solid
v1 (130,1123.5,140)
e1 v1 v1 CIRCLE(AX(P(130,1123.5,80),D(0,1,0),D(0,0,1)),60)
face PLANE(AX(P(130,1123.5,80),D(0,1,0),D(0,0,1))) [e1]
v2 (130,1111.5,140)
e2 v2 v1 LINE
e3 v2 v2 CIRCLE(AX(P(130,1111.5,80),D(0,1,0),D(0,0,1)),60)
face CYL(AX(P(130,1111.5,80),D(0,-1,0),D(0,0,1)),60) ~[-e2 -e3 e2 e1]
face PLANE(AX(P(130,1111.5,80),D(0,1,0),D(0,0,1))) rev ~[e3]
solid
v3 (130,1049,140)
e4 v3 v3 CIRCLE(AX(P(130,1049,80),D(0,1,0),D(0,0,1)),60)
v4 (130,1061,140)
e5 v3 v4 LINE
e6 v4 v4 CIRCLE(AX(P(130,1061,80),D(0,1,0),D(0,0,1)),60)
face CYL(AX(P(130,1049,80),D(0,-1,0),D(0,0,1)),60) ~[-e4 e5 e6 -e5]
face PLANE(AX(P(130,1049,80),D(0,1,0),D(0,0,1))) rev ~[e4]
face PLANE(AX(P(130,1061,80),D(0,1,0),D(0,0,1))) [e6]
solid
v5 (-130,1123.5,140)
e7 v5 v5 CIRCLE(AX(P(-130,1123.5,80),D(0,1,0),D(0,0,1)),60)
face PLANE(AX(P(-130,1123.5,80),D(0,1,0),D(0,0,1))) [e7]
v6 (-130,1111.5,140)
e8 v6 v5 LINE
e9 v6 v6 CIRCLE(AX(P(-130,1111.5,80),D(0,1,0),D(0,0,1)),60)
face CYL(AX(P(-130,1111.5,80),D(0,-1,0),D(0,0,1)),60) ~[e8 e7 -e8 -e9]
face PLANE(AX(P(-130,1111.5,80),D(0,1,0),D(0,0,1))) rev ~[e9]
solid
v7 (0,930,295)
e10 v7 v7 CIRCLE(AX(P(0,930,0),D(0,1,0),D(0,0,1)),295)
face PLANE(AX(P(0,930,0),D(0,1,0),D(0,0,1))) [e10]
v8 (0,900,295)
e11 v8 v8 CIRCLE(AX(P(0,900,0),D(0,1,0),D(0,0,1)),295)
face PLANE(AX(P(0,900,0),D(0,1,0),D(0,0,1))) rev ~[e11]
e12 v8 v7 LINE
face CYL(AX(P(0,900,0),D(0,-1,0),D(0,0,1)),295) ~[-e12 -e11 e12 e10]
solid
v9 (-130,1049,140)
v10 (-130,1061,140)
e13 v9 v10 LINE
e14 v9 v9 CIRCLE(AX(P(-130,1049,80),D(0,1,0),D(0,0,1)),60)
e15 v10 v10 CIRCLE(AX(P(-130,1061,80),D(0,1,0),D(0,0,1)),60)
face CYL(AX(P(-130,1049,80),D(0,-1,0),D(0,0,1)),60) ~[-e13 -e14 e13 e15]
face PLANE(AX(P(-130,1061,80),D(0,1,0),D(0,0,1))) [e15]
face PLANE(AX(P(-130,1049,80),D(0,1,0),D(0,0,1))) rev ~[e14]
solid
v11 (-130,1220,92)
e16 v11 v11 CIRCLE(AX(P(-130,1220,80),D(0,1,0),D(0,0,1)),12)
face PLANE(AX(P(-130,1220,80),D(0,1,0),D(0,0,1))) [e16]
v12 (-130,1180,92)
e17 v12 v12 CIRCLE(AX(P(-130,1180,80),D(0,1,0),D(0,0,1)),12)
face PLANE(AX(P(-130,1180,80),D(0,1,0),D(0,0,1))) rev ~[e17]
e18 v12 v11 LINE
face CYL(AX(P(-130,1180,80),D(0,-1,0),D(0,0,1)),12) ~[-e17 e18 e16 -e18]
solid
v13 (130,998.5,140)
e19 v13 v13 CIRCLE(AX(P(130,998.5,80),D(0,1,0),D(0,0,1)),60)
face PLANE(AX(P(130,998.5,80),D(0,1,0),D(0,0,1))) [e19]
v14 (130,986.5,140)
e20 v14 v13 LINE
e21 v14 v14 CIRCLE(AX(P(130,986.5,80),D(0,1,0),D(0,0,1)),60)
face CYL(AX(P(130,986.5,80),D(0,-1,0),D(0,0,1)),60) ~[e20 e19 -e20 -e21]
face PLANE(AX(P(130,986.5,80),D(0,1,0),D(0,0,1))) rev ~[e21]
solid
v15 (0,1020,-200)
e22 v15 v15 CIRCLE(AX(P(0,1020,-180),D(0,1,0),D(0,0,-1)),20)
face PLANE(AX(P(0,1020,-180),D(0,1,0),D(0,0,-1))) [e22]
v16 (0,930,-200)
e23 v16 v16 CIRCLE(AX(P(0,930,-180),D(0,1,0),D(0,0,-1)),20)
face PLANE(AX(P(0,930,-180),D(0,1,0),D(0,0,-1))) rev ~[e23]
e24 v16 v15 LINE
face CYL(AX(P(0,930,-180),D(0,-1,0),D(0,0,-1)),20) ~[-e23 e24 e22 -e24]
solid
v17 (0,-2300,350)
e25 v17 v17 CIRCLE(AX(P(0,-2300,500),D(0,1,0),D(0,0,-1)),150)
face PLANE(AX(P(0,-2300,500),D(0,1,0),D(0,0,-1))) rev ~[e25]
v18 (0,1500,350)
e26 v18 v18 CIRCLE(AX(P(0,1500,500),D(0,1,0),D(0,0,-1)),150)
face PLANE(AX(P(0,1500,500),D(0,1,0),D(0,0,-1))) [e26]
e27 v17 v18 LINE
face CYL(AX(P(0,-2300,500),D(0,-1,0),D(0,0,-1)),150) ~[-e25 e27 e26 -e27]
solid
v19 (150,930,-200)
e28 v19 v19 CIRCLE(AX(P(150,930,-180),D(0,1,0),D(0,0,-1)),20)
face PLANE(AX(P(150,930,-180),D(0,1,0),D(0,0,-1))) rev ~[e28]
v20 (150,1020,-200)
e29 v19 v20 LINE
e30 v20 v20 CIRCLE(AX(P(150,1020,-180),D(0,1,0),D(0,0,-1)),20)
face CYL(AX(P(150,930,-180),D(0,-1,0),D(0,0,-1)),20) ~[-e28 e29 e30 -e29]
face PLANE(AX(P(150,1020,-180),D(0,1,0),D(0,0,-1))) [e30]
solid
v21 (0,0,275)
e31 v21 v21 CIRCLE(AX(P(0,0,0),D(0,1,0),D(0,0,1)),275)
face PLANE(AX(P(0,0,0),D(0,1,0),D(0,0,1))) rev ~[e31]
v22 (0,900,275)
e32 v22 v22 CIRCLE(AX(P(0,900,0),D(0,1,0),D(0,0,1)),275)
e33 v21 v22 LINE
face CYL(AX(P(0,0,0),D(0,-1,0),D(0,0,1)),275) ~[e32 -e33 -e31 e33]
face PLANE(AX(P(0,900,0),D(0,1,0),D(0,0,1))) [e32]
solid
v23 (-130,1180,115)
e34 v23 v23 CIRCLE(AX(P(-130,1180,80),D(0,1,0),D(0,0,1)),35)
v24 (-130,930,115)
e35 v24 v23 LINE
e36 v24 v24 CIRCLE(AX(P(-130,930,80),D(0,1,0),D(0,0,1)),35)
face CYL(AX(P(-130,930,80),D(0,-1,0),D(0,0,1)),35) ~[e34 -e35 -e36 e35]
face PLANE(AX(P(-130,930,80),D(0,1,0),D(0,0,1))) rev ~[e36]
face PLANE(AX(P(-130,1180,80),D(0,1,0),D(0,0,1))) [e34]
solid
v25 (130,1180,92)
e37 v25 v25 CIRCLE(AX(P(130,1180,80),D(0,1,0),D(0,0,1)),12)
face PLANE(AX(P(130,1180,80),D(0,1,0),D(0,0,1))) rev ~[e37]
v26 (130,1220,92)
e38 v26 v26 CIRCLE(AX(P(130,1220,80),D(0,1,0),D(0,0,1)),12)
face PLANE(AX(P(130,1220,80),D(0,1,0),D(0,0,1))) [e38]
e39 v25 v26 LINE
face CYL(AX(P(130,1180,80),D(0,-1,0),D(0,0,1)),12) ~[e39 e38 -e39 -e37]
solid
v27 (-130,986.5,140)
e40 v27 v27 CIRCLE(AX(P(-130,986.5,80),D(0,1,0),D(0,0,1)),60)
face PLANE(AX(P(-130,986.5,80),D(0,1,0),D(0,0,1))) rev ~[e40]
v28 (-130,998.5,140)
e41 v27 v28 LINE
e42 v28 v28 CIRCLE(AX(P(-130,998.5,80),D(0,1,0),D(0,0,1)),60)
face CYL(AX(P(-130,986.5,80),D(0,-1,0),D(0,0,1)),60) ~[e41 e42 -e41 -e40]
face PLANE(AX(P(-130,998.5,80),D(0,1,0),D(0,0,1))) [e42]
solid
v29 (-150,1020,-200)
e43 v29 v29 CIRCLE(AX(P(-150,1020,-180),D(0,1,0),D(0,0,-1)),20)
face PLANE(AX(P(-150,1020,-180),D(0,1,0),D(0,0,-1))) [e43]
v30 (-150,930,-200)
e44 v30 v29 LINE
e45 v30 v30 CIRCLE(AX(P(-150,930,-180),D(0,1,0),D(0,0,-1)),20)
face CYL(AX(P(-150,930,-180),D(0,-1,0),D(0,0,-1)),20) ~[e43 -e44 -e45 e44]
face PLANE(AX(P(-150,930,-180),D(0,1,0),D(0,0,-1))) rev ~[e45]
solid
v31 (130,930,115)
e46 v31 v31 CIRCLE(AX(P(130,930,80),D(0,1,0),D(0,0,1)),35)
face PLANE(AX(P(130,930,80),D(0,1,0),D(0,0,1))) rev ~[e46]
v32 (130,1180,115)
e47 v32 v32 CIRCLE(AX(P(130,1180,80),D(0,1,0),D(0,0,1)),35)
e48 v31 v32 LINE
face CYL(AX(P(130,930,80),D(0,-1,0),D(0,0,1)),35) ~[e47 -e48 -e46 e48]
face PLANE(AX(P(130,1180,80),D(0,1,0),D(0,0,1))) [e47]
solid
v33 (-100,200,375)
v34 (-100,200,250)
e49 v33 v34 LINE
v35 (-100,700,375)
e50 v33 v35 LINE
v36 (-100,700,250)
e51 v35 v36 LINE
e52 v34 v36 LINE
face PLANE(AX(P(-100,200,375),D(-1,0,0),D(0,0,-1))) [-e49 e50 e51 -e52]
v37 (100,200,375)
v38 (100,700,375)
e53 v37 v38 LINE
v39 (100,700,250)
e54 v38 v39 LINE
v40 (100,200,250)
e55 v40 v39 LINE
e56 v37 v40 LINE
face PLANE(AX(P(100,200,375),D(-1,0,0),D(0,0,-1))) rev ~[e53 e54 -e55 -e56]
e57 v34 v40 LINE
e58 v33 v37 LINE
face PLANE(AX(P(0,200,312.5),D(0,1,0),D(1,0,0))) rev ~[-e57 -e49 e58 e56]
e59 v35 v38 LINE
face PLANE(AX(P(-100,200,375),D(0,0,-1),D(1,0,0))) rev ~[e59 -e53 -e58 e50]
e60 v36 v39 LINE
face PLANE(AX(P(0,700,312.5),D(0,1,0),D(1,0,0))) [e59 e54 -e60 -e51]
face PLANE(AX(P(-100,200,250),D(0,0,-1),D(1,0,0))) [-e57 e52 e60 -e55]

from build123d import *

# Parameters (mm, degrees)
SKETCH1_R           = 275
TANK_DEPTH          = 900
LID_START           = 900
SKETCH2_R           = 295
LID_DEPTH           = 30
POLE_START          = -2300
SKETCH3_R           = 150
POLE_DEPTH          = 3800
BUSHING_START       = 930
SKETCH4_R           = 35
BUSHING_HV_1_DEPTH  = 250
SHED_START          = 986.5
SKETCH5_R           = 60
SHED_HV_1_1_DEPTH   = 12
SHED_START_2        = 1049
SKETCH6_R           = 60
SHED_HV_1_2_DEPTH   = 12
SHED_START_3        = 1111.5
SKETCH7_R           = 60
SHED_HV_1_3_DEPTH   = 12
TERMINAL_START      = 1180
SKETCH8_R           = 12
TERMINAL_HV_1_DEPTH = 40
SKETCH9_R           = 35
BUSHING_HV_2_DEPTH  = 250
SKETCH10_R          = 60
SHED_HV_2_1_DEPTH   = 12
SKETCH11_R          = 60
SHED_HV_2_2_DEPTH   = 12
SKETCH12_R          = 60
SHED_HV_2_3_DEPTH   = 12
SKETCH13_R          = 12
TERMINAL_HV_2_DEPTH = 40
LV_START            = 930
SKETCH14_R          = 20
LV_BUSHING_1_DEPTH  = 90
SKETCH15_R          = 20
LV_BUSHING_2_DEPTH  = 90
SKETCH16_R          = 20
LV_BUSHING_3_DEPTH  = 90
HANGER_START        = 200
SKETCH17_W          = 200
SKETCH17_H          = 125
HANGER_DEPTH        = 500


with BuildPart() as part:
    # Sketch1 → Tank (new body)
    with BuildSketch(Plane(origin=(0, 0, 0), x_dir=(1, 0, 0), z_dir=(0, 1, 0))):
        with Locations(Location((0, 0, 0), (0, 0, 270))):
            Circle(SKETCH1_R)
    extrude(amount=TANK_DEPTH)


with BuildPart() as body_2:
    # Sketch2 → Lid (new body)
    with BuildSketch(Plane(origin=(0, 0, 0), x_dir=(1, 0, 0), z_dir=(0, 1, 0)).offset(LID_START)):
        with Locations(Location((0, 0, 0), (0, 0, 270))):
            Circle(SKETCH2_R)
    extrude(amount=LID_DEPTH)


with BuildPart() as body_3:
    # Sketch3 → Pole (new body)
    with BuildSketch(Plane(origin=(0, 0, 0), x_dir=(1, 0, 0), z_dir=(0, 1, 0)).offset(POLE_START)):
        with Locations(Location((0, -500, 0), (0, 0, 90))):
            Circle(SKETCH3_R)
    extrude(amount=POLE_DEPTH)


with BuildPart() as body_4:
    # Sketch4 → Bushing HV 1 (new body)
    with BuildSketch(Plane(origin=(0, 0, 0), x_dir=(1, 0, 0), z_dir=(0, 1, 0)).offset(BUSHING_START)):
        with Locations(Location((-130, -80, 0), (0, 0, 270))):
            Circle(SKETCH4_R)
    extrude(amount=BUSHING_HV_1_DEPTH)


with BuildPart() as body_5:
    # Sketch5 → Shed HV 1 1 (new body)
    with BuildSketch(Plane(origin=(0, 0, 0), x_dir=(1, 0, 0), z_dir=(0, 1, 0)).offset(SHED_START)):
        with Locations(Location((-130, -80, 0), (0, 0, 270))):
            Circle(SKETCH5_R)
    extrude(amount=SHED_HV_1_1_DEPTH)


with BuildPart() as body_6:
    # Sketch6 → Shed HV 1 2 (new body)
    with BuildSketch(Plane(origin=(0, 0, 0), x_dir=(1, 0, 0), z_dir=(0, 1, 0)).offset(SHED_START_2)):
        with Locations(Location((-130, -80, 0), (0, 0, 270))):
            Circle(SKETCH6_R)
    extrude(amount=SHED_HV_1_2_DEPTH)


with BuildPart() as body_7:
    # Sketch7 → Shed HV 1 3 (new body)
    with BuildSketch(Plane(origin=(0, 0, 0), x_dir=(1, 0, 0), z_dir=(0, 1, 0)).offset(SHED_START_3)):
        with Locations(Location((-130, -80, 0), (0, 0, 270))):
            Circle(SKETCH7_R)
    extrude(amount=SHED_HV_1_3_DEPTH)


with BuildPart() as body_8:
    # Sketch8 → Terminal HV 1 (new body)
    with BuildSketch(Plane(origin=(0, 0, 0), x_dir=(1, 0, 0), z_dir=(0, 1, 0)).offset(TERMINAL_START)):
        with Locations(Location((-130, -80, 0), (0, 0, 270))):
            Circle(SKETCH8_R)
    extrude(amount=TERMINAL_HV_1_DEPTH)


with BuildPart() as body_9:
    # Sketch9 → Bushing HV 2 (new body)
    with BuildSketch(Plane(origin=(0, 0, 0), x_dir=(1, 0, 0), z_dir=(0, 1, 0)).offset(BUSHING_START)):
        with Locations(Location((130, -80, 0), (0, 0, 270))):
            Circle(SKETCH9_R)
    extrude(amount=BUSHING_HV_2_DEPTH)


with BuildPart() as body_10:
    # Sketch10 → Shed HV 2 1 (new body)
    with BuildSketch(Plane(origin=(0, 0, 0), x_dir=(1, 0, 0), z_dir=(0, 1, 0)).offset(SHED_START)):
        with Locations(Location((130, -80, 0), (0, 0, 270))):
            Circle(SKETCH10_R)
    extrude(amount=SHED_HV_2_1_DEPTH)


with BuildPart() as body_11:
    # Sketch11 → Shed HV 2 2 (new body)
    with BuildSketch(Plane(origin=(0, 0, 0), x_dir=(1, 0, 0), z_dir=(0, 1, 0)).offset(SHED_START_2)):
        with Locations(Location((130, -80, 0), (0, 0, 270))):
            Circle(SKETCH11_R)
    extrude(amount=SHED_HV_2_2_DEPTH)


with BuildPart() as body_12:
    # Sketch12 → Shed HV 2 3 (new body)
    with BuildSketch(Plane(origin=(0, 0, 0), x_dir=(1, 0, 0), z_dir=(0, 1, 0)).offset(SHED_START_3)):
        with Locations(Location((130, -80, 0), (0, 0, 270))):
            Circle(SKETCH12_R)
    extrude(amount=SHED_HV_2_3_DEPTH)


with BuildPart() as body_13:
    # Sketch13 → Terminal HV 2 (new body)
    with BuildSketch(Plane(origin=(0, 0, 0), x_dir=(1, 0, 0), z_dir=(0, 1, 0)).offset(TERMINAL_START)):
        with Locations(Location((130, -80, 0), (0, 0, 270))):
            Circle(SKETCH13_R)
    extrude(amount=TERMINAL_HV_2_DEPTH)


with BuildPart() as body_14:
    # Sketch14 → LV bushing 1 (new body)
    with BuildSketch(Plane(origin=(0, 0, 0), x_dir=(1, 0, 0), z_dir=(0, 1, 0)).offset(LV_START)):
        with Locations(Location((-150, 180, 0), (0, 0, 90))):
            Circle(SKETCH14_R)
    extrude(amount=LV_BUSHING_1_DEPTH)


with BuildPart() as body_15:
    # Sketch15 → LV bushing 2 (new body)
    with BuildSketch(Plane(origin=(0, 0, 0), x_dir=(1, 0, 0), z_dir=(0, 1, 0)).offset(LV_START)):
        with Locations(Location((0, 180, 0), (0, 0, 90))):
            Circle(SKETCH15_R)
    extrude(amount=LV_BUSHING_2_DEPTH)


with BuildPart() as body_16:
    # Sketch16 → LV bushing 3 (new body)
    with BuildSketch(Plane(origin=(0, 0, 0), x_dir=(1, 0, 0), z_dir=(0, 1, 0)).offset(LV_START)):
        with Locations(Location((150, 180, 0), (0, 0, 90))):
            Circle(SKETCH16_R)
    extrude(amount=LV_BUSHING_3_DEPTH)


with BuildPart() as body_17:
    # Sketch17 → Hanger (new body)
    with BuildSketch(Plane(origin=(0, 0, 0), x_dir=(1, 0, 0), z_dir=(0, 1, 0)).offset(HANGER_START)):
        with Locations((0, -312.5)):
            Rectangle(SKETCH17_W, SKETCH17_H)
    extrude(amount=HANGER_DEPTH)


solid = Compound([part.part, body_2.part, body_3.part, body_4.part, body_5.part, body_6.part, body_7.part, body_8.part, body_9.part, body_10.part, body_11.part, body_12.part, body_13.part, body_14.part, body_15.part, body_16.part, body_17.part])
